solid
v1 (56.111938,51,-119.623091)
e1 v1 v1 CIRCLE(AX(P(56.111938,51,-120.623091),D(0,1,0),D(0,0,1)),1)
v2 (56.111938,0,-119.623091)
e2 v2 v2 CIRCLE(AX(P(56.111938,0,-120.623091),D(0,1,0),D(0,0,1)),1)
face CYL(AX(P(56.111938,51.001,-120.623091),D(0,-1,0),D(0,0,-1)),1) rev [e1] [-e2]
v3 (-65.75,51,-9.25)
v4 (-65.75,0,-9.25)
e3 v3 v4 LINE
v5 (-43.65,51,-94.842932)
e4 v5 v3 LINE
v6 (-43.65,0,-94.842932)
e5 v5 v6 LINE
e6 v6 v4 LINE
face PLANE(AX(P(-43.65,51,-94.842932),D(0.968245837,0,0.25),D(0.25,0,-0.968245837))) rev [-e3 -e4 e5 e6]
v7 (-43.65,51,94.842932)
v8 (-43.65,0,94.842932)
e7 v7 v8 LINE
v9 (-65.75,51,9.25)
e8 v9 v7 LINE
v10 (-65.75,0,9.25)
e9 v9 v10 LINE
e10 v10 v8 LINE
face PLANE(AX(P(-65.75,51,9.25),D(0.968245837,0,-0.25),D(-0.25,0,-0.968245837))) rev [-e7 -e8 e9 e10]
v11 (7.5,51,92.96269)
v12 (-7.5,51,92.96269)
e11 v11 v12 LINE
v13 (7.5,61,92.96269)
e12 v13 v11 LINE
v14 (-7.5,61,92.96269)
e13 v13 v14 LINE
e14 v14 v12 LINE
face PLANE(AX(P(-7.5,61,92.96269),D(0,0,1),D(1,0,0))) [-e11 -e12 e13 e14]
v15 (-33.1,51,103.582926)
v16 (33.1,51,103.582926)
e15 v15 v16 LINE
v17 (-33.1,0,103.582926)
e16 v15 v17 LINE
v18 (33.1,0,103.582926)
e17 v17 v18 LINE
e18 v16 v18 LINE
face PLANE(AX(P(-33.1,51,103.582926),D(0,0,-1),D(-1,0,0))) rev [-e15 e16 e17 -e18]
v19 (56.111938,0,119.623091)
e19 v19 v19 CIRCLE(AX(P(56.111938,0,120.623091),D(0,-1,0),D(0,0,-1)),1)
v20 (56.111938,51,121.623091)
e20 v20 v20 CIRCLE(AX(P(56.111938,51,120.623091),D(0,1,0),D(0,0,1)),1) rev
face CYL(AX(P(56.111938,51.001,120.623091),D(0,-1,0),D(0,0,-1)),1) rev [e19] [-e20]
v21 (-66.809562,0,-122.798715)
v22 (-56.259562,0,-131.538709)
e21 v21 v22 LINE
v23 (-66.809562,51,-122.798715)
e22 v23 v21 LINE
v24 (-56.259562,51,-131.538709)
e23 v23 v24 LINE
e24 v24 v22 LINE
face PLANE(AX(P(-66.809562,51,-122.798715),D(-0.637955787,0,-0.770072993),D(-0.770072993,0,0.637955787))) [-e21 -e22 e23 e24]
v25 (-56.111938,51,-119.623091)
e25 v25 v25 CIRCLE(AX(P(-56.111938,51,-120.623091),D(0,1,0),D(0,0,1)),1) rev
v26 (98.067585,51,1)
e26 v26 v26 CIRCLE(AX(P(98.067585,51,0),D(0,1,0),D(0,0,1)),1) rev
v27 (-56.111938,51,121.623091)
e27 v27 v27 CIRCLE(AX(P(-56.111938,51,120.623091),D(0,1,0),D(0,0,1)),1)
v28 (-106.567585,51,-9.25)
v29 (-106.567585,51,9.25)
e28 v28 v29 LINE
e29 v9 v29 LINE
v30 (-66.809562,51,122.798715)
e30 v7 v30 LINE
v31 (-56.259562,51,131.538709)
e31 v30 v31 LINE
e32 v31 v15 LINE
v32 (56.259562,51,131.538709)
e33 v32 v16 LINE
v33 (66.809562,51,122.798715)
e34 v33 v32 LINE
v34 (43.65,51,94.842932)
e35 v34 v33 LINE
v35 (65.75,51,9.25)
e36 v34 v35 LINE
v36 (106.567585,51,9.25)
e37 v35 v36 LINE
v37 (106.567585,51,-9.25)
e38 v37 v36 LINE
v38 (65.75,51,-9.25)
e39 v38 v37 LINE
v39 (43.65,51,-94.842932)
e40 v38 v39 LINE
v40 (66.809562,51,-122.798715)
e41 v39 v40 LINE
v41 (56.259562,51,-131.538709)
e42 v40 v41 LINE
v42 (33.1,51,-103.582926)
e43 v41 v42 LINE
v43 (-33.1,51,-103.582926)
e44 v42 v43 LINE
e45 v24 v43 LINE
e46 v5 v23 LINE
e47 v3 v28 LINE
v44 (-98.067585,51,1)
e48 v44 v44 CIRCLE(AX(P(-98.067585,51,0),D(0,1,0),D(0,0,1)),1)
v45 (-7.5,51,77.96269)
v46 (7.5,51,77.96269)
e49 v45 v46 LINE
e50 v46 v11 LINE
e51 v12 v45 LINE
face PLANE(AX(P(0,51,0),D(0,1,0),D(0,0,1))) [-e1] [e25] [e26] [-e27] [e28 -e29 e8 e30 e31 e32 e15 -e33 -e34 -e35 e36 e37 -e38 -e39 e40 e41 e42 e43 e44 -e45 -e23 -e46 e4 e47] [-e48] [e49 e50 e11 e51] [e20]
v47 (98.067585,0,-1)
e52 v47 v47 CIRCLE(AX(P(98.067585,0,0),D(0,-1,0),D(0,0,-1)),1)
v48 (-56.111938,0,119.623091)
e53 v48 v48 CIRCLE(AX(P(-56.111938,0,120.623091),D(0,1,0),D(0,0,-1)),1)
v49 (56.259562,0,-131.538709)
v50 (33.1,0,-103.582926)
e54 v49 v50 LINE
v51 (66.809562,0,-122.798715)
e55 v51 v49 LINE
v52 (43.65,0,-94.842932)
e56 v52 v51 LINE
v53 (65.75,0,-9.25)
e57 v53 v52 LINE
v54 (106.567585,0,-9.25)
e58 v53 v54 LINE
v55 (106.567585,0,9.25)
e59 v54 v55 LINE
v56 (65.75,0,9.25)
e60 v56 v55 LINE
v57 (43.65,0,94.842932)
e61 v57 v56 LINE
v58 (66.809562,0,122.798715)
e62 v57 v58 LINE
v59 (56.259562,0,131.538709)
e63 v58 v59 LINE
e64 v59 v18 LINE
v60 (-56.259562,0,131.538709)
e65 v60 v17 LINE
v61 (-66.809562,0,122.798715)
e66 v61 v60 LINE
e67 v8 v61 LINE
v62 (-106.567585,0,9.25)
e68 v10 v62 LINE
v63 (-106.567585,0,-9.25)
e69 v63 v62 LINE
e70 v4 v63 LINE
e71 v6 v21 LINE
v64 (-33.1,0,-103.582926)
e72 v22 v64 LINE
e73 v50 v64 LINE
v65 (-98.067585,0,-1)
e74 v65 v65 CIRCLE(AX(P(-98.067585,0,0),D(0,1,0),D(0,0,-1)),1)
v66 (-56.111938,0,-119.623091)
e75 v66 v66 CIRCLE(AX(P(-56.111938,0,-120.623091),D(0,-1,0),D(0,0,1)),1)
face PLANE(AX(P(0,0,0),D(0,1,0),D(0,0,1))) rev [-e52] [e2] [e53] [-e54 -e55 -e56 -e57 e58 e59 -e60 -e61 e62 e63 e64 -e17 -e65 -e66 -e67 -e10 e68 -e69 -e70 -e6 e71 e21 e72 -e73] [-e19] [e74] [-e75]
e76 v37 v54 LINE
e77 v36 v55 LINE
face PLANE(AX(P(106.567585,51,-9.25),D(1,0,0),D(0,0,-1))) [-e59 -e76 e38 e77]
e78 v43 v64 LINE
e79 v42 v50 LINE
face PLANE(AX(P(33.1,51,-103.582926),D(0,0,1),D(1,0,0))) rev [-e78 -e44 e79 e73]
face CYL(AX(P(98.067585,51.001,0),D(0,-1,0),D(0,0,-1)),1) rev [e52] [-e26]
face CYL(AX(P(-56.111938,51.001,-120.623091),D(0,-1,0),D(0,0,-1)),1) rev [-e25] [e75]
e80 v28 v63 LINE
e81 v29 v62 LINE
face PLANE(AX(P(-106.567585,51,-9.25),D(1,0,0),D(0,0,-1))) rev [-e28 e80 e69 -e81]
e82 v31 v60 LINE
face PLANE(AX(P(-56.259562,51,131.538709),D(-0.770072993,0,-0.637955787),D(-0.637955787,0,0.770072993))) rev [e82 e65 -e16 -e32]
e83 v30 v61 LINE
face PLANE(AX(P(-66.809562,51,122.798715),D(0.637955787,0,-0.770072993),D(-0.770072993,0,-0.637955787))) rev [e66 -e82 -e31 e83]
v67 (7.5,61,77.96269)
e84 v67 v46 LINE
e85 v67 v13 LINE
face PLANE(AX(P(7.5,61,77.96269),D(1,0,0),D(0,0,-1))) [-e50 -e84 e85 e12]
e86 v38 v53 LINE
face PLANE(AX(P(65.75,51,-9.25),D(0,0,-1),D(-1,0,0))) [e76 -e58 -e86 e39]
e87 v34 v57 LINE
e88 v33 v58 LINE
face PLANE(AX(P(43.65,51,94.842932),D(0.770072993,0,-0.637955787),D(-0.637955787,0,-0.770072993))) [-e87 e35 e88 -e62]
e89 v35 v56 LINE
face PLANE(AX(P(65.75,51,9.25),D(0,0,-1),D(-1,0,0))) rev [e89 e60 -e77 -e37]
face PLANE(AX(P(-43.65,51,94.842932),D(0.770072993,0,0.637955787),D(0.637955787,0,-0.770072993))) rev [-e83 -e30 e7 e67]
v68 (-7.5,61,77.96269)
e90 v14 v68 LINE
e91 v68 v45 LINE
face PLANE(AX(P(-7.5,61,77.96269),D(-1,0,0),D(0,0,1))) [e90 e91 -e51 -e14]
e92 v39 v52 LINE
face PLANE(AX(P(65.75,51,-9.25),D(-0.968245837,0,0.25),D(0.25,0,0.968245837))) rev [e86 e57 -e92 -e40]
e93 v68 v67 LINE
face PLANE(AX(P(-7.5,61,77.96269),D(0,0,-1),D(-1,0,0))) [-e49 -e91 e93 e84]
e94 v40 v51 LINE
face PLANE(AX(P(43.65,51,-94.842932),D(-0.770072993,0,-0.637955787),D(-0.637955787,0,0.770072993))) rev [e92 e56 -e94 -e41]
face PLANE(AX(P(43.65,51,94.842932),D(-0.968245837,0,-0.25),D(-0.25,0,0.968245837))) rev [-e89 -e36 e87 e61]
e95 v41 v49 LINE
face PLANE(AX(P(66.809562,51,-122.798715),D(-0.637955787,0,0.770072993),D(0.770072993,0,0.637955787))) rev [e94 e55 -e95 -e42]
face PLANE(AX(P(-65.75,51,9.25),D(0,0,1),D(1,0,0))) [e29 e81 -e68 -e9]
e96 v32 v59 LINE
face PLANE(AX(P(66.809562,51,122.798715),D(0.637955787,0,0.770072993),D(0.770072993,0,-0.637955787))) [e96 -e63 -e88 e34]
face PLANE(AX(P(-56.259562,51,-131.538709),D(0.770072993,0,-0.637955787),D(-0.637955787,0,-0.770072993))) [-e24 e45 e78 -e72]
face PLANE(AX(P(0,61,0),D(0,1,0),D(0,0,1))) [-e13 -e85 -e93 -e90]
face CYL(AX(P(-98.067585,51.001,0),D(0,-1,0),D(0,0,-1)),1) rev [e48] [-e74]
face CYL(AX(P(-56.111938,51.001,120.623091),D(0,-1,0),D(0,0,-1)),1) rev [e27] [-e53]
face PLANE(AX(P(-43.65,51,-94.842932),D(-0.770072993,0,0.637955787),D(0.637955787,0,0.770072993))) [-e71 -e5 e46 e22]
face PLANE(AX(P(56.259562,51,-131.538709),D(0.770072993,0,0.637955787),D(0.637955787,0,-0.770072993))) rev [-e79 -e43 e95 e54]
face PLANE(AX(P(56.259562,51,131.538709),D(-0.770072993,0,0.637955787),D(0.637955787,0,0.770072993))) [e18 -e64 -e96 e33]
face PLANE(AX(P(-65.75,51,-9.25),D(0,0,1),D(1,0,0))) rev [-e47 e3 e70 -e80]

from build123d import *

# Parameters (mm, degrees)
EXTRUDE_1_DEPTH          = 51
SKETCH_2_R               = 1
CUT_EXTRUDE_1_DEPTH      = 51
SKETCH_3_R               = 1
CUT_EXTRUDE_2_DEPTH      = 51
MIRROR_3_COPY_1_SKETCH_R = 1
MIRROR_3_COPY_1_DEPTH    = 51
SKETCH_4_W               = 15
SKETCH_4_H               = 15
EXTRUDE_2_DEPTH          = 10


with BuildPart() as part:
    # 草图1 → 凸台-拉伸1 (new body)
    with BuildSketch(Plane(origin=(0, 0, 0), x_dir=(1, 0, 0), z_dir=(0, 1, 0))):
        Polygon((43.65, -94.842931951), (65.75, -9.25), (106.567585168, -9.25), (106.567585168, 9.25), (65.75, 9.25), (43.65, 94.842931951), (66.809562052, 122.798714511), (56.259562052, 131.538708791), (33.1, 103.58292623), (-33.1, 103.58292623), (-56.259562052, 131.538708791), (-66.809562052, 122.798714511), (-43.65, 94.842931951), (-65.75, 9.25), (-106.567585168, 9.25), (-106.567585168, -9.25), (-65.75, -9.25), (-43.65, -94.842931951), (-66.809562052, -122.798714511), (-56.259562052, -131.538708791), (-33.1, -103.58292623), (33.1, -103.58292623), (56.259562052, -131.538708791), (66.809562052, -122.798714511), align=None)
    extrude(amount=EXTRUDE_1_DEPTH)

    # 草图2 → 切除-拉伸1 (cut)
    with BuildSketch(Plane.XZ):
        with Locations((98.067585168, 0)):
            Circle(SKETCH_2_R)
    cut_extrude_1 = extrude(amount=-CUT_EXTRUDE_1_DEPTH, mode=Mode.SUBTRACT)

    # 镜向1: 切除-拉伸1 across plane
    add(cut_extrude_1.mirror(Plane(origin=(0, 0, 0), x_dir=(0, 0, 1), z_dir=(1, 0, 0))), mode=Mode.SUBTRACT)

    # 草图3 → 切除-拉伸2 (cut)
    with BuildSketch(Plane.XZ):
        with Locations((56.111937864, 120.623091213)):
            Circle(SKETCH_3_R)
    cut_extrude_2 = extrude(amount=-CUT_EXTRUDE_2_DEPTH, mode=Mode.SUBTRACT)

    # 镜向2: 切除-拉伸2 across plane
    add(cut_extrude_2.mirror(Plane(origin=(0, 0, 0), x_dir=(0, 0, 1), z_dir=(1, 0, 0))), mode=Mode.SUBTRACT)

    # 镜向3: 切除-拉伸2 across plane
    add(cut_extrude_2.mirror(Plane.XY), mode=Mode.SUBTRACT)

    # 镜向3 copy 1 sketch → 镜向3 copy 1 (cut)
    with BuildSketch(Plane(origin=(0, 0, 0), x_dir=(-1, 0, 0), z_dir=(0, -1, 0))):
        with Locations((56.111937864, 120.623091213)):
            Circle(MIRROR_3_COPY_1_SKETCH_R)
    extrude(amount=-MIRROR_3_COPY_1_DEPTH, mode=Mode.SUBTRACT)

    # 草图4 → 凸台-拉伸2 (add)
    with BuildSketch(Plane.XZ.offset(-51)):
        with Locations((0, 85.462689848)):
            Rectangle(SKETCH_4_W, SKETCH_4_H)
    extrude(amount=-EXTRUDE_2_DEPTH)


solid = part.part
